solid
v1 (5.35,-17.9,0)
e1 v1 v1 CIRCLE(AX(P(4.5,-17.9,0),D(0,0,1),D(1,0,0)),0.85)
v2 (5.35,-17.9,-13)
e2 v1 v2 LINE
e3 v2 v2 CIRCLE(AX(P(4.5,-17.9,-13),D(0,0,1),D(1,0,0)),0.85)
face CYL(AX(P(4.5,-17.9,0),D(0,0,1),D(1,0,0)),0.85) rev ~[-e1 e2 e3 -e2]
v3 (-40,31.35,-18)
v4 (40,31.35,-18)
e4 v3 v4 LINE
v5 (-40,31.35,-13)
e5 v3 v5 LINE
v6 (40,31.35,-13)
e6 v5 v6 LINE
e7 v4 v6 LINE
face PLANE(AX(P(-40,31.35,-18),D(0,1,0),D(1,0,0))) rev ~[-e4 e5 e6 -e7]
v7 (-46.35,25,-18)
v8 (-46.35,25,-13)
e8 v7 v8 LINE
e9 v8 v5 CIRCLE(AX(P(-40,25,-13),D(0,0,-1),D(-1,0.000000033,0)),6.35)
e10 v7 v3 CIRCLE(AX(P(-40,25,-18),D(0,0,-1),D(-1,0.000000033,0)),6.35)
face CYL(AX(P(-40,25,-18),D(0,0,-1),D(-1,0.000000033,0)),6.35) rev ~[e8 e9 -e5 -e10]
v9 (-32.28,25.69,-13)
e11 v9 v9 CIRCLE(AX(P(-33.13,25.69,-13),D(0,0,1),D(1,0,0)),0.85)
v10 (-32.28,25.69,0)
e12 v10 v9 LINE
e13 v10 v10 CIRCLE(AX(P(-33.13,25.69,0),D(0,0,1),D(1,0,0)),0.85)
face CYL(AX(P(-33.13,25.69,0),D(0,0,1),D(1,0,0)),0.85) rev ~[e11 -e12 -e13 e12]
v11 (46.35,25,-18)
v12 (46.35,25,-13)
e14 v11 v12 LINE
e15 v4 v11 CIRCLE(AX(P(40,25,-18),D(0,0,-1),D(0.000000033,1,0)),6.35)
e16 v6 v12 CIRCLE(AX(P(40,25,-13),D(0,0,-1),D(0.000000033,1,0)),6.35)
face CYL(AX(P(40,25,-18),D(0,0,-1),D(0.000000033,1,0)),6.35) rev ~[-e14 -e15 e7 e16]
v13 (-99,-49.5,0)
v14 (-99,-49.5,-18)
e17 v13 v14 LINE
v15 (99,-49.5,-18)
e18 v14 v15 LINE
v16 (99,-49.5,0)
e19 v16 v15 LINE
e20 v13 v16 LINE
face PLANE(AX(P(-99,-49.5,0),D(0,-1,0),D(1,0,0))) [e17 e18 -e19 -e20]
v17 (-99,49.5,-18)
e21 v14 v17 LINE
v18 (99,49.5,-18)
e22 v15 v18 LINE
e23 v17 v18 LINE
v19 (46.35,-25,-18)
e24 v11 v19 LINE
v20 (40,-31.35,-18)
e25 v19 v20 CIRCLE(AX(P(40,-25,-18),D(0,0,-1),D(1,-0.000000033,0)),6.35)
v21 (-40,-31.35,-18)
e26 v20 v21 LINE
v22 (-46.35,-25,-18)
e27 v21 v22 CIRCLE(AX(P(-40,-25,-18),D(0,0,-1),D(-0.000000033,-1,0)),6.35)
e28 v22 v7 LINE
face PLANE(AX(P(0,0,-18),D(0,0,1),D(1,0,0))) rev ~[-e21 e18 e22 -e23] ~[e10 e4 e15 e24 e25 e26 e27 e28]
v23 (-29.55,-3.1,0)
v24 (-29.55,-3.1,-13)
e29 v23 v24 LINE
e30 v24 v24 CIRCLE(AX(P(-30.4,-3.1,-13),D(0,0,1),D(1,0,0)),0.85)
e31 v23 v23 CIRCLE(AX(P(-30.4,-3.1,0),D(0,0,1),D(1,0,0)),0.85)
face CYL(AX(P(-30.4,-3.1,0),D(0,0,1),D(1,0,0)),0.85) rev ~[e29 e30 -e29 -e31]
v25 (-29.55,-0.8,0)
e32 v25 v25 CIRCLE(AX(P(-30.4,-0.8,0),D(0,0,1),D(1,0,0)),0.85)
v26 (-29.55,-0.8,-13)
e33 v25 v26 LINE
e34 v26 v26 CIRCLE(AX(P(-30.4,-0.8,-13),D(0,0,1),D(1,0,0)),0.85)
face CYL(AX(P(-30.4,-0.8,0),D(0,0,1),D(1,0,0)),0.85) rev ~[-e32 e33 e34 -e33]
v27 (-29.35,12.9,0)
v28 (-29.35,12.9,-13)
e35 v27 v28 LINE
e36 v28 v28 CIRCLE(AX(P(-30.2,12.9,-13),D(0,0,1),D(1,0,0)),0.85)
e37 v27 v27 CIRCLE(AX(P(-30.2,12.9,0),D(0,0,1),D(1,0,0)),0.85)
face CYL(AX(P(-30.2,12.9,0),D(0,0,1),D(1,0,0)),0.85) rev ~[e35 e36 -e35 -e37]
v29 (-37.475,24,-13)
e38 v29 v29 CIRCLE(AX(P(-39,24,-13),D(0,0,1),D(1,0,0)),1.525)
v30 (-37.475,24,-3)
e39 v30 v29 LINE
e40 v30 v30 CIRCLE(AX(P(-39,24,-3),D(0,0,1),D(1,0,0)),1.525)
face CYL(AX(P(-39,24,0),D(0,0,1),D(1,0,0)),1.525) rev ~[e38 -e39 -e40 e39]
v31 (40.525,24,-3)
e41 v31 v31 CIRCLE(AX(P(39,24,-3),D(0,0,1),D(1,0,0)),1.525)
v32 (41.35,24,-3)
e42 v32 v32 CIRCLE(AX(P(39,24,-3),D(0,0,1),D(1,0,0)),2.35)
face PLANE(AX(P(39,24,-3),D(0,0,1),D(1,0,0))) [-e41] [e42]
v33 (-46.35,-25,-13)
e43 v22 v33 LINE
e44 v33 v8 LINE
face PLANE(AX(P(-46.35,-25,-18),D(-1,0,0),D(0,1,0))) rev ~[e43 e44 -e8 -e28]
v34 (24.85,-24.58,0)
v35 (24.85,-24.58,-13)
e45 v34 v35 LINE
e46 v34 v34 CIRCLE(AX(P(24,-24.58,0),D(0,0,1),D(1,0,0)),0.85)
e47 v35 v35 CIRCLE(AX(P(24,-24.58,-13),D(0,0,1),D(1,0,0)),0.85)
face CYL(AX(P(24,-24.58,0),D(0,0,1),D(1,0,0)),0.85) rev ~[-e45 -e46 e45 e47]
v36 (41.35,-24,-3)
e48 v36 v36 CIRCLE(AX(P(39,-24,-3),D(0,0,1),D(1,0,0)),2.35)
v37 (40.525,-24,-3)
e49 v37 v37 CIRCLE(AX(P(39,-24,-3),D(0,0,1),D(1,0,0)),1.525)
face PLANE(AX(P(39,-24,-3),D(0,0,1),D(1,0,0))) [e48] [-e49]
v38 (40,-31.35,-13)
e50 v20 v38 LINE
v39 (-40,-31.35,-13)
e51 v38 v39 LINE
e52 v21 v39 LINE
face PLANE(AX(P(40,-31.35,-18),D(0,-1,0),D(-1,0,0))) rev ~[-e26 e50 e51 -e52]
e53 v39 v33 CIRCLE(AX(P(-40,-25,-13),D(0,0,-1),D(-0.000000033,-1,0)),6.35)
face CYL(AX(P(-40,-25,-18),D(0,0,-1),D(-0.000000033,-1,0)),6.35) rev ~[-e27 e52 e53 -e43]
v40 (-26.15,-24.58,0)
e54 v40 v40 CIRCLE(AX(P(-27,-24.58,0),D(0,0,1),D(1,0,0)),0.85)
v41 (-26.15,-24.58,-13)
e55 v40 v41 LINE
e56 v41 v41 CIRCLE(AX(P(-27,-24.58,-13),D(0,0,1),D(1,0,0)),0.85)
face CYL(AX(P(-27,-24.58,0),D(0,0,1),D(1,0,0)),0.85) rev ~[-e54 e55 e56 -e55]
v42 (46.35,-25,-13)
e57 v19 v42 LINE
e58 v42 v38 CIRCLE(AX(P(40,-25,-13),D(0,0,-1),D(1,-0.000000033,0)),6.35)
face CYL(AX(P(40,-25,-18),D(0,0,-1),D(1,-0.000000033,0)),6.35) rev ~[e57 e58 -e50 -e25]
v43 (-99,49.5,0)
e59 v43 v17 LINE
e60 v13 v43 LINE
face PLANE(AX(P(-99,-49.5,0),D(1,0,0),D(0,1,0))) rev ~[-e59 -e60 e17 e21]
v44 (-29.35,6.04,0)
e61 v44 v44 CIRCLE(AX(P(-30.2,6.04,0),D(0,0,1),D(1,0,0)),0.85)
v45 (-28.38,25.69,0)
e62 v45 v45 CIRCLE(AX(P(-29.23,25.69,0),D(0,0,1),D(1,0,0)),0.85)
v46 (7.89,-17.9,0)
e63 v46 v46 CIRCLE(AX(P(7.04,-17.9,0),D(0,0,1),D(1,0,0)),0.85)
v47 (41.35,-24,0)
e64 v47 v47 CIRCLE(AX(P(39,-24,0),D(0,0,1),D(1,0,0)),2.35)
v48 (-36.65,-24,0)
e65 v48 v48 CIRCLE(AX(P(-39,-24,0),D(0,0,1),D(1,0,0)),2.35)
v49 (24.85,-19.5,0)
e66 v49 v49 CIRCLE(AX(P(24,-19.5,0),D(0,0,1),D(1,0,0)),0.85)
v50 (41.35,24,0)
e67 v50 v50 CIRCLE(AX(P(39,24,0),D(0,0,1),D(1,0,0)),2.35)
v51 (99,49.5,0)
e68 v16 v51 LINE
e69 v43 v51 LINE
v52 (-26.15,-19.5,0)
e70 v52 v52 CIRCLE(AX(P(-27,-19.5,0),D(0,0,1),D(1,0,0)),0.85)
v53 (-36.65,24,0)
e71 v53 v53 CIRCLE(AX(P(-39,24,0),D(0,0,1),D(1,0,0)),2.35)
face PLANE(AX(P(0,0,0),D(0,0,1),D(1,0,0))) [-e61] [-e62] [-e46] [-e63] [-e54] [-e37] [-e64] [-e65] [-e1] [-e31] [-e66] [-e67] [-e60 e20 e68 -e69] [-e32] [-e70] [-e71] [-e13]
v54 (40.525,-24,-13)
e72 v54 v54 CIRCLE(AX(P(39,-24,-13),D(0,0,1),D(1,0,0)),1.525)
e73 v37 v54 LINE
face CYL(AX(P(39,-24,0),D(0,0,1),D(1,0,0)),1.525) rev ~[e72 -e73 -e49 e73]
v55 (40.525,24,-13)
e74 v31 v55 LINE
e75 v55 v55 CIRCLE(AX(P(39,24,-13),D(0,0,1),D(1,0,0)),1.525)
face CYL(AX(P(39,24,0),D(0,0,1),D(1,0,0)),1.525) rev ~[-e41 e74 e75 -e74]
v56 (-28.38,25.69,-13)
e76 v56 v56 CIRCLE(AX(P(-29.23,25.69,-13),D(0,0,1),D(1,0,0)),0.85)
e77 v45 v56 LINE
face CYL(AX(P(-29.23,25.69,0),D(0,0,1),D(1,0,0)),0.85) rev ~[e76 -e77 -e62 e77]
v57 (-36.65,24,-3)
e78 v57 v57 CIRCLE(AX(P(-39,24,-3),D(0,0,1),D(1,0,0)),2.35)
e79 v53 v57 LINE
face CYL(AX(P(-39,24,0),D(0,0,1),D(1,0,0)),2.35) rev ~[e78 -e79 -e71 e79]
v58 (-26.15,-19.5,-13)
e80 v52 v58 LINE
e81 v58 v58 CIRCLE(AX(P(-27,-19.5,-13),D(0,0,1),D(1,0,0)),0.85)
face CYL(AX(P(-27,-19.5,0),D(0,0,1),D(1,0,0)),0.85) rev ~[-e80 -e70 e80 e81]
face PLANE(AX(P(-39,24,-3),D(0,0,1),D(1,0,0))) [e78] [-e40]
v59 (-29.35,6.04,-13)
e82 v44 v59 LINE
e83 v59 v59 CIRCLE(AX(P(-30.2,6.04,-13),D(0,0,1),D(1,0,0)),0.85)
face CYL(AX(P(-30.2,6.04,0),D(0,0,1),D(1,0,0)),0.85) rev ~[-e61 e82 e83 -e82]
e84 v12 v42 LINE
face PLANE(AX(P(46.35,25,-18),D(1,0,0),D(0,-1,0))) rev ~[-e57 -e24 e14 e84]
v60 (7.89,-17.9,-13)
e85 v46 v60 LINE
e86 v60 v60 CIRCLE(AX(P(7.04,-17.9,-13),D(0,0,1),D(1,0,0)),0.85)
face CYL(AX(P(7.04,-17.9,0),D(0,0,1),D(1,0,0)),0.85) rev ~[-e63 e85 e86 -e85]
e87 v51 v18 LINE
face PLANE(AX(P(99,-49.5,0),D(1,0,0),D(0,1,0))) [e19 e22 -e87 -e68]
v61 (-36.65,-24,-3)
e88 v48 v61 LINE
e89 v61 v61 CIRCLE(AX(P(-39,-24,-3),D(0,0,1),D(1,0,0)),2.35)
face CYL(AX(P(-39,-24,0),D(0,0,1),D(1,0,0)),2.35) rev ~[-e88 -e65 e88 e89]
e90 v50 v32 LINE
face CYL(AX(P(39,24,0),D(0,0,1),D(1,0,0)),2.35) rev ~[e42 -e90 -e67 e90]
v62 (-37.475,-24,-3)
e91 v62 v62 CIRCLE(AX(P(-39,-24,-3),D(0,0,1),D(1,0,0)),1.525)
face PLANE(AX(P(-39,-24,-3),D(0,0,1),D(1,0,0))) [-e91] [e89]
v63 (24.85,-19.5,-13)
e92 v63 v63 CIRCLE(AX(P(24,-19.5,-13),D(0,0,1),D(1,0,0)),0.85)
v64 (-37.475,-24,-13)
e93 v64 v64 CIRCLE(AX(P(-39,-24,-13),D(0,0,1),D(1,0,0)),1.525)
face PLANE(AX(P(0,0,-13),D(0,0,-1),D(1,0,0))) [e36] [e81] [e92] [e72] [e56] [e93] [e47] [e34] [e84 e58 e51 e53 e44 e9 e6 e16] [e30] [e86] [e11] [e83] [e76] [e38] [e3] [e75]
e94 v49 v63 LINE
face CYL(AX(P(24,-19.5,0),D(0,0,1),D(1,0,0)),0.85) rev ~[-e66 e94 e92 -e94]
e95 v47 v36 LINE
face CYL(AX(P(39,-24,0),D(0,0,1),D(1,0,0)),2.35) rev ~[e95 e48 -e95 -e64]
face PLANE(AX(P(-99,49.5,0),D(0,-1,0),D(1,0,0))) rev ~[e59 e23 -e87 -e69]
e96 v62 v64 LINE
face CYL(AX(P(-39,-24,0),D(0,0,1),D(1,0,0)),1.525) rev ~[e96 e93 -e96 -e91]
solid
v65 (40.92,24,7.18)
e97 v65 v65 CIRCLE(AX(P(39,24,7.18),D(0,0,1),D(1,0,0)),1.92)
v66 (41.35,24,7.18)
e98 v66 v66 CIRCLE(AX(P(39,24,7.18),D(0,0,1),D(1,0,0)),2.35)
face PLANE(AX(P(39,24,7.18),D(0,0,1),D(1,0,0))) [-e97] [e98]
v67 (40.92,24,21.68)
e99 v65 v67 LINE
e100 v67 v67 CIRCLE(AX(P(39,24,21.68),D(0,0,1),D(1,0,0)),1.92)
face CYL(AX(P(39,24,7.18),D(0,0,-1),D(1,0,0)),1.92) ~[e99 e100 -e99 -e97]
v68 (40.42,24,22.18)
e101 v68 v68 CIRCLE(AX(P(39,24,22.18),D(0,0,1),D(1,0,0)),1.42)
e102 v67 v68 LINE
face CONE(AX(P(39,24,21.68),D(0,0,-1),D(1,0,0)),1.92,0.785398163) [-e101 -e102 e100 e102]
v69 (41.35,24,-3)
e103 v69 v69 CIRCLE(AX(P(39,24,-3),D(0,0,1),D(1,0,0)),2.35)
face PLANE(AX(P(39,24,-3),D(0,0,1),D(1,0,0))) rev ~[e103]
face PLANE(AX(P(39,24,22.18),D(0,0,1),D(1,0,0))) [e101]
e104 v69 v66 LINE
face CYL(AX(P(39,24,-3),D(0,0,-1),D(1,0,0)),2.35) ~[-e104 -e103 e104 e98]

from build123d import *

# Parameters (mm, degrees)
F0_W      = 198
F0_H      = 99
F1_DEPTH  = 18
F3_DEPTH  = 5
F4_R      = 2.35
F5_DEPTH  = 3
F7_R      = 0.85
F8_DEPTH  = 18.001
F6_R      = 1.525
F9_DEPTH  = 18.001
F11_R     = 2.35
F12_DEPTH = 10.18
F13_R     = 1.92
F14_DEPTH = 15
F15_SIZE  = 0.5


with BuildPart() as f1:
    # F0 (on Top) → F1 (new body)
    with BuildSketch(Plane.XY):
        Rectangle(F0_W, F0_H)
    extrude(amount=-F1_DEPTH)

    # F2 (on face) → F3 (cut)
    with BuildSketch(Plane(origin=(0, 0, -18), x_dir=(1, 0, 0), z_dir=(0, 0, -1))):
        with BuildLine():
            ThreePointArc((46.35, 25), (44.490128, 29.490128), (40, 31.35))
            Line((40, 31.35), (-40, 31.35))
            ThreePointArc((-40, 31.35), (-44.490128, 29.490128), (-46.35, 25))
            Line((-46.35, 25), (-46.35, -25))
            ThreePointArc((-46.35, -25), (-44.490128, -29.490128), (-40, -31.35))
            Line((-40, -31.35), (40, -31.35))
            ThreePointArc((40, -31.35), (44.490128, -29.490128), (46.35, -25))
            Line((46.35, -25), (46.35, 25))
        make_face()
    extrude(amount=-F3_DEPTH, mode=Mode.SUBTRACT)

    # F4 (on face) → F5 (cut)
    with BuildSketch(Plane.XY):
        with Locations((-39, -24)):
            Circle(F4_R)
        with Locations((39, -24)):
            Circle(F4_R)
        with Locations((39, 24)):
            Circle(F4_R)
        with Locations((-39, 24)):
            Circle(F4_R)
    extrude(amount=-F5_DEPTH, mode=Mode.SUBTRACT)

    # F7 (on face) → F8 (cut, through all)
    with BuildSketch(Plane.XY):
        with Locations((4.5, -17.9)):
            Circle(F7_R)
        with Locations((7.04, -17.9)):
            Circle(F7_R)
        with Locations((24, -19.5)):
            Circle(F7_R)
        with Locations((24, -24.58)):
            Circle(F7_R)
        with Locations((-27, -19.5)):
            Circle(F7_R)
        with Locations((-27, -24.58)):
            Circle(F7_R)
        with Locations((-33.13, 25.69)):
            Circle(F7_R)
        with Locations((-30.2, 12.9)):
            Circle(F7_R)
        with Locations((-30.2, 6.04)):
            Circle(F7_R)
        with Locations((-30.4, -0.8)):
            Circle(F7_R)
        with Locations((-30.4, -3.1)):
            Circle(F7_R)
        with Locations((-29.23, 25.69)):
            Circle(F7_R)
    extrude(amount=-F8_DEPTH, mode=Mode.SUBTRACT)

    # F6 (on face) → F9 (cut, through all)
    with BuildSketch(Plane.XY):
        with Locations((-39, 24)):
            Circle(F6_R)
        with Locations((-39, -24)):
            Circle(F6_R)
        with Locations((39, -24)):
            Circle(F6_R)
        with Locations((39, 24)):
            Circle(F6_R)
    extrude(amount=-F9_DEPTH, mode=Mode.SUBTRACT)


with BuildPart() as f12:
    # F11 (on offset) → F12 (new body)
    with BuildSketch(Plane.XY.offset(-3)):
        with Locations((39, 24)):
            Circle(F11_R)
    extrude(amount=F12_DEPTH)

    # F13 (on face) → F14 (join)
    with BuildSketch(Plane.XY.offset(7.18)):
        with Locations((39, 24)):
            Circle(F13_R)
    extrude(amount=F14_DEPTH)

    # F15
    f15_edges = [f12.edges().sort_by_distance(p)[0] for p in [
        (37.08, 24, 22.18),
    ]]
    chamfer(f15_edges, length=F15_SIZE)


solid = Compound([f1.part, f12.part])
